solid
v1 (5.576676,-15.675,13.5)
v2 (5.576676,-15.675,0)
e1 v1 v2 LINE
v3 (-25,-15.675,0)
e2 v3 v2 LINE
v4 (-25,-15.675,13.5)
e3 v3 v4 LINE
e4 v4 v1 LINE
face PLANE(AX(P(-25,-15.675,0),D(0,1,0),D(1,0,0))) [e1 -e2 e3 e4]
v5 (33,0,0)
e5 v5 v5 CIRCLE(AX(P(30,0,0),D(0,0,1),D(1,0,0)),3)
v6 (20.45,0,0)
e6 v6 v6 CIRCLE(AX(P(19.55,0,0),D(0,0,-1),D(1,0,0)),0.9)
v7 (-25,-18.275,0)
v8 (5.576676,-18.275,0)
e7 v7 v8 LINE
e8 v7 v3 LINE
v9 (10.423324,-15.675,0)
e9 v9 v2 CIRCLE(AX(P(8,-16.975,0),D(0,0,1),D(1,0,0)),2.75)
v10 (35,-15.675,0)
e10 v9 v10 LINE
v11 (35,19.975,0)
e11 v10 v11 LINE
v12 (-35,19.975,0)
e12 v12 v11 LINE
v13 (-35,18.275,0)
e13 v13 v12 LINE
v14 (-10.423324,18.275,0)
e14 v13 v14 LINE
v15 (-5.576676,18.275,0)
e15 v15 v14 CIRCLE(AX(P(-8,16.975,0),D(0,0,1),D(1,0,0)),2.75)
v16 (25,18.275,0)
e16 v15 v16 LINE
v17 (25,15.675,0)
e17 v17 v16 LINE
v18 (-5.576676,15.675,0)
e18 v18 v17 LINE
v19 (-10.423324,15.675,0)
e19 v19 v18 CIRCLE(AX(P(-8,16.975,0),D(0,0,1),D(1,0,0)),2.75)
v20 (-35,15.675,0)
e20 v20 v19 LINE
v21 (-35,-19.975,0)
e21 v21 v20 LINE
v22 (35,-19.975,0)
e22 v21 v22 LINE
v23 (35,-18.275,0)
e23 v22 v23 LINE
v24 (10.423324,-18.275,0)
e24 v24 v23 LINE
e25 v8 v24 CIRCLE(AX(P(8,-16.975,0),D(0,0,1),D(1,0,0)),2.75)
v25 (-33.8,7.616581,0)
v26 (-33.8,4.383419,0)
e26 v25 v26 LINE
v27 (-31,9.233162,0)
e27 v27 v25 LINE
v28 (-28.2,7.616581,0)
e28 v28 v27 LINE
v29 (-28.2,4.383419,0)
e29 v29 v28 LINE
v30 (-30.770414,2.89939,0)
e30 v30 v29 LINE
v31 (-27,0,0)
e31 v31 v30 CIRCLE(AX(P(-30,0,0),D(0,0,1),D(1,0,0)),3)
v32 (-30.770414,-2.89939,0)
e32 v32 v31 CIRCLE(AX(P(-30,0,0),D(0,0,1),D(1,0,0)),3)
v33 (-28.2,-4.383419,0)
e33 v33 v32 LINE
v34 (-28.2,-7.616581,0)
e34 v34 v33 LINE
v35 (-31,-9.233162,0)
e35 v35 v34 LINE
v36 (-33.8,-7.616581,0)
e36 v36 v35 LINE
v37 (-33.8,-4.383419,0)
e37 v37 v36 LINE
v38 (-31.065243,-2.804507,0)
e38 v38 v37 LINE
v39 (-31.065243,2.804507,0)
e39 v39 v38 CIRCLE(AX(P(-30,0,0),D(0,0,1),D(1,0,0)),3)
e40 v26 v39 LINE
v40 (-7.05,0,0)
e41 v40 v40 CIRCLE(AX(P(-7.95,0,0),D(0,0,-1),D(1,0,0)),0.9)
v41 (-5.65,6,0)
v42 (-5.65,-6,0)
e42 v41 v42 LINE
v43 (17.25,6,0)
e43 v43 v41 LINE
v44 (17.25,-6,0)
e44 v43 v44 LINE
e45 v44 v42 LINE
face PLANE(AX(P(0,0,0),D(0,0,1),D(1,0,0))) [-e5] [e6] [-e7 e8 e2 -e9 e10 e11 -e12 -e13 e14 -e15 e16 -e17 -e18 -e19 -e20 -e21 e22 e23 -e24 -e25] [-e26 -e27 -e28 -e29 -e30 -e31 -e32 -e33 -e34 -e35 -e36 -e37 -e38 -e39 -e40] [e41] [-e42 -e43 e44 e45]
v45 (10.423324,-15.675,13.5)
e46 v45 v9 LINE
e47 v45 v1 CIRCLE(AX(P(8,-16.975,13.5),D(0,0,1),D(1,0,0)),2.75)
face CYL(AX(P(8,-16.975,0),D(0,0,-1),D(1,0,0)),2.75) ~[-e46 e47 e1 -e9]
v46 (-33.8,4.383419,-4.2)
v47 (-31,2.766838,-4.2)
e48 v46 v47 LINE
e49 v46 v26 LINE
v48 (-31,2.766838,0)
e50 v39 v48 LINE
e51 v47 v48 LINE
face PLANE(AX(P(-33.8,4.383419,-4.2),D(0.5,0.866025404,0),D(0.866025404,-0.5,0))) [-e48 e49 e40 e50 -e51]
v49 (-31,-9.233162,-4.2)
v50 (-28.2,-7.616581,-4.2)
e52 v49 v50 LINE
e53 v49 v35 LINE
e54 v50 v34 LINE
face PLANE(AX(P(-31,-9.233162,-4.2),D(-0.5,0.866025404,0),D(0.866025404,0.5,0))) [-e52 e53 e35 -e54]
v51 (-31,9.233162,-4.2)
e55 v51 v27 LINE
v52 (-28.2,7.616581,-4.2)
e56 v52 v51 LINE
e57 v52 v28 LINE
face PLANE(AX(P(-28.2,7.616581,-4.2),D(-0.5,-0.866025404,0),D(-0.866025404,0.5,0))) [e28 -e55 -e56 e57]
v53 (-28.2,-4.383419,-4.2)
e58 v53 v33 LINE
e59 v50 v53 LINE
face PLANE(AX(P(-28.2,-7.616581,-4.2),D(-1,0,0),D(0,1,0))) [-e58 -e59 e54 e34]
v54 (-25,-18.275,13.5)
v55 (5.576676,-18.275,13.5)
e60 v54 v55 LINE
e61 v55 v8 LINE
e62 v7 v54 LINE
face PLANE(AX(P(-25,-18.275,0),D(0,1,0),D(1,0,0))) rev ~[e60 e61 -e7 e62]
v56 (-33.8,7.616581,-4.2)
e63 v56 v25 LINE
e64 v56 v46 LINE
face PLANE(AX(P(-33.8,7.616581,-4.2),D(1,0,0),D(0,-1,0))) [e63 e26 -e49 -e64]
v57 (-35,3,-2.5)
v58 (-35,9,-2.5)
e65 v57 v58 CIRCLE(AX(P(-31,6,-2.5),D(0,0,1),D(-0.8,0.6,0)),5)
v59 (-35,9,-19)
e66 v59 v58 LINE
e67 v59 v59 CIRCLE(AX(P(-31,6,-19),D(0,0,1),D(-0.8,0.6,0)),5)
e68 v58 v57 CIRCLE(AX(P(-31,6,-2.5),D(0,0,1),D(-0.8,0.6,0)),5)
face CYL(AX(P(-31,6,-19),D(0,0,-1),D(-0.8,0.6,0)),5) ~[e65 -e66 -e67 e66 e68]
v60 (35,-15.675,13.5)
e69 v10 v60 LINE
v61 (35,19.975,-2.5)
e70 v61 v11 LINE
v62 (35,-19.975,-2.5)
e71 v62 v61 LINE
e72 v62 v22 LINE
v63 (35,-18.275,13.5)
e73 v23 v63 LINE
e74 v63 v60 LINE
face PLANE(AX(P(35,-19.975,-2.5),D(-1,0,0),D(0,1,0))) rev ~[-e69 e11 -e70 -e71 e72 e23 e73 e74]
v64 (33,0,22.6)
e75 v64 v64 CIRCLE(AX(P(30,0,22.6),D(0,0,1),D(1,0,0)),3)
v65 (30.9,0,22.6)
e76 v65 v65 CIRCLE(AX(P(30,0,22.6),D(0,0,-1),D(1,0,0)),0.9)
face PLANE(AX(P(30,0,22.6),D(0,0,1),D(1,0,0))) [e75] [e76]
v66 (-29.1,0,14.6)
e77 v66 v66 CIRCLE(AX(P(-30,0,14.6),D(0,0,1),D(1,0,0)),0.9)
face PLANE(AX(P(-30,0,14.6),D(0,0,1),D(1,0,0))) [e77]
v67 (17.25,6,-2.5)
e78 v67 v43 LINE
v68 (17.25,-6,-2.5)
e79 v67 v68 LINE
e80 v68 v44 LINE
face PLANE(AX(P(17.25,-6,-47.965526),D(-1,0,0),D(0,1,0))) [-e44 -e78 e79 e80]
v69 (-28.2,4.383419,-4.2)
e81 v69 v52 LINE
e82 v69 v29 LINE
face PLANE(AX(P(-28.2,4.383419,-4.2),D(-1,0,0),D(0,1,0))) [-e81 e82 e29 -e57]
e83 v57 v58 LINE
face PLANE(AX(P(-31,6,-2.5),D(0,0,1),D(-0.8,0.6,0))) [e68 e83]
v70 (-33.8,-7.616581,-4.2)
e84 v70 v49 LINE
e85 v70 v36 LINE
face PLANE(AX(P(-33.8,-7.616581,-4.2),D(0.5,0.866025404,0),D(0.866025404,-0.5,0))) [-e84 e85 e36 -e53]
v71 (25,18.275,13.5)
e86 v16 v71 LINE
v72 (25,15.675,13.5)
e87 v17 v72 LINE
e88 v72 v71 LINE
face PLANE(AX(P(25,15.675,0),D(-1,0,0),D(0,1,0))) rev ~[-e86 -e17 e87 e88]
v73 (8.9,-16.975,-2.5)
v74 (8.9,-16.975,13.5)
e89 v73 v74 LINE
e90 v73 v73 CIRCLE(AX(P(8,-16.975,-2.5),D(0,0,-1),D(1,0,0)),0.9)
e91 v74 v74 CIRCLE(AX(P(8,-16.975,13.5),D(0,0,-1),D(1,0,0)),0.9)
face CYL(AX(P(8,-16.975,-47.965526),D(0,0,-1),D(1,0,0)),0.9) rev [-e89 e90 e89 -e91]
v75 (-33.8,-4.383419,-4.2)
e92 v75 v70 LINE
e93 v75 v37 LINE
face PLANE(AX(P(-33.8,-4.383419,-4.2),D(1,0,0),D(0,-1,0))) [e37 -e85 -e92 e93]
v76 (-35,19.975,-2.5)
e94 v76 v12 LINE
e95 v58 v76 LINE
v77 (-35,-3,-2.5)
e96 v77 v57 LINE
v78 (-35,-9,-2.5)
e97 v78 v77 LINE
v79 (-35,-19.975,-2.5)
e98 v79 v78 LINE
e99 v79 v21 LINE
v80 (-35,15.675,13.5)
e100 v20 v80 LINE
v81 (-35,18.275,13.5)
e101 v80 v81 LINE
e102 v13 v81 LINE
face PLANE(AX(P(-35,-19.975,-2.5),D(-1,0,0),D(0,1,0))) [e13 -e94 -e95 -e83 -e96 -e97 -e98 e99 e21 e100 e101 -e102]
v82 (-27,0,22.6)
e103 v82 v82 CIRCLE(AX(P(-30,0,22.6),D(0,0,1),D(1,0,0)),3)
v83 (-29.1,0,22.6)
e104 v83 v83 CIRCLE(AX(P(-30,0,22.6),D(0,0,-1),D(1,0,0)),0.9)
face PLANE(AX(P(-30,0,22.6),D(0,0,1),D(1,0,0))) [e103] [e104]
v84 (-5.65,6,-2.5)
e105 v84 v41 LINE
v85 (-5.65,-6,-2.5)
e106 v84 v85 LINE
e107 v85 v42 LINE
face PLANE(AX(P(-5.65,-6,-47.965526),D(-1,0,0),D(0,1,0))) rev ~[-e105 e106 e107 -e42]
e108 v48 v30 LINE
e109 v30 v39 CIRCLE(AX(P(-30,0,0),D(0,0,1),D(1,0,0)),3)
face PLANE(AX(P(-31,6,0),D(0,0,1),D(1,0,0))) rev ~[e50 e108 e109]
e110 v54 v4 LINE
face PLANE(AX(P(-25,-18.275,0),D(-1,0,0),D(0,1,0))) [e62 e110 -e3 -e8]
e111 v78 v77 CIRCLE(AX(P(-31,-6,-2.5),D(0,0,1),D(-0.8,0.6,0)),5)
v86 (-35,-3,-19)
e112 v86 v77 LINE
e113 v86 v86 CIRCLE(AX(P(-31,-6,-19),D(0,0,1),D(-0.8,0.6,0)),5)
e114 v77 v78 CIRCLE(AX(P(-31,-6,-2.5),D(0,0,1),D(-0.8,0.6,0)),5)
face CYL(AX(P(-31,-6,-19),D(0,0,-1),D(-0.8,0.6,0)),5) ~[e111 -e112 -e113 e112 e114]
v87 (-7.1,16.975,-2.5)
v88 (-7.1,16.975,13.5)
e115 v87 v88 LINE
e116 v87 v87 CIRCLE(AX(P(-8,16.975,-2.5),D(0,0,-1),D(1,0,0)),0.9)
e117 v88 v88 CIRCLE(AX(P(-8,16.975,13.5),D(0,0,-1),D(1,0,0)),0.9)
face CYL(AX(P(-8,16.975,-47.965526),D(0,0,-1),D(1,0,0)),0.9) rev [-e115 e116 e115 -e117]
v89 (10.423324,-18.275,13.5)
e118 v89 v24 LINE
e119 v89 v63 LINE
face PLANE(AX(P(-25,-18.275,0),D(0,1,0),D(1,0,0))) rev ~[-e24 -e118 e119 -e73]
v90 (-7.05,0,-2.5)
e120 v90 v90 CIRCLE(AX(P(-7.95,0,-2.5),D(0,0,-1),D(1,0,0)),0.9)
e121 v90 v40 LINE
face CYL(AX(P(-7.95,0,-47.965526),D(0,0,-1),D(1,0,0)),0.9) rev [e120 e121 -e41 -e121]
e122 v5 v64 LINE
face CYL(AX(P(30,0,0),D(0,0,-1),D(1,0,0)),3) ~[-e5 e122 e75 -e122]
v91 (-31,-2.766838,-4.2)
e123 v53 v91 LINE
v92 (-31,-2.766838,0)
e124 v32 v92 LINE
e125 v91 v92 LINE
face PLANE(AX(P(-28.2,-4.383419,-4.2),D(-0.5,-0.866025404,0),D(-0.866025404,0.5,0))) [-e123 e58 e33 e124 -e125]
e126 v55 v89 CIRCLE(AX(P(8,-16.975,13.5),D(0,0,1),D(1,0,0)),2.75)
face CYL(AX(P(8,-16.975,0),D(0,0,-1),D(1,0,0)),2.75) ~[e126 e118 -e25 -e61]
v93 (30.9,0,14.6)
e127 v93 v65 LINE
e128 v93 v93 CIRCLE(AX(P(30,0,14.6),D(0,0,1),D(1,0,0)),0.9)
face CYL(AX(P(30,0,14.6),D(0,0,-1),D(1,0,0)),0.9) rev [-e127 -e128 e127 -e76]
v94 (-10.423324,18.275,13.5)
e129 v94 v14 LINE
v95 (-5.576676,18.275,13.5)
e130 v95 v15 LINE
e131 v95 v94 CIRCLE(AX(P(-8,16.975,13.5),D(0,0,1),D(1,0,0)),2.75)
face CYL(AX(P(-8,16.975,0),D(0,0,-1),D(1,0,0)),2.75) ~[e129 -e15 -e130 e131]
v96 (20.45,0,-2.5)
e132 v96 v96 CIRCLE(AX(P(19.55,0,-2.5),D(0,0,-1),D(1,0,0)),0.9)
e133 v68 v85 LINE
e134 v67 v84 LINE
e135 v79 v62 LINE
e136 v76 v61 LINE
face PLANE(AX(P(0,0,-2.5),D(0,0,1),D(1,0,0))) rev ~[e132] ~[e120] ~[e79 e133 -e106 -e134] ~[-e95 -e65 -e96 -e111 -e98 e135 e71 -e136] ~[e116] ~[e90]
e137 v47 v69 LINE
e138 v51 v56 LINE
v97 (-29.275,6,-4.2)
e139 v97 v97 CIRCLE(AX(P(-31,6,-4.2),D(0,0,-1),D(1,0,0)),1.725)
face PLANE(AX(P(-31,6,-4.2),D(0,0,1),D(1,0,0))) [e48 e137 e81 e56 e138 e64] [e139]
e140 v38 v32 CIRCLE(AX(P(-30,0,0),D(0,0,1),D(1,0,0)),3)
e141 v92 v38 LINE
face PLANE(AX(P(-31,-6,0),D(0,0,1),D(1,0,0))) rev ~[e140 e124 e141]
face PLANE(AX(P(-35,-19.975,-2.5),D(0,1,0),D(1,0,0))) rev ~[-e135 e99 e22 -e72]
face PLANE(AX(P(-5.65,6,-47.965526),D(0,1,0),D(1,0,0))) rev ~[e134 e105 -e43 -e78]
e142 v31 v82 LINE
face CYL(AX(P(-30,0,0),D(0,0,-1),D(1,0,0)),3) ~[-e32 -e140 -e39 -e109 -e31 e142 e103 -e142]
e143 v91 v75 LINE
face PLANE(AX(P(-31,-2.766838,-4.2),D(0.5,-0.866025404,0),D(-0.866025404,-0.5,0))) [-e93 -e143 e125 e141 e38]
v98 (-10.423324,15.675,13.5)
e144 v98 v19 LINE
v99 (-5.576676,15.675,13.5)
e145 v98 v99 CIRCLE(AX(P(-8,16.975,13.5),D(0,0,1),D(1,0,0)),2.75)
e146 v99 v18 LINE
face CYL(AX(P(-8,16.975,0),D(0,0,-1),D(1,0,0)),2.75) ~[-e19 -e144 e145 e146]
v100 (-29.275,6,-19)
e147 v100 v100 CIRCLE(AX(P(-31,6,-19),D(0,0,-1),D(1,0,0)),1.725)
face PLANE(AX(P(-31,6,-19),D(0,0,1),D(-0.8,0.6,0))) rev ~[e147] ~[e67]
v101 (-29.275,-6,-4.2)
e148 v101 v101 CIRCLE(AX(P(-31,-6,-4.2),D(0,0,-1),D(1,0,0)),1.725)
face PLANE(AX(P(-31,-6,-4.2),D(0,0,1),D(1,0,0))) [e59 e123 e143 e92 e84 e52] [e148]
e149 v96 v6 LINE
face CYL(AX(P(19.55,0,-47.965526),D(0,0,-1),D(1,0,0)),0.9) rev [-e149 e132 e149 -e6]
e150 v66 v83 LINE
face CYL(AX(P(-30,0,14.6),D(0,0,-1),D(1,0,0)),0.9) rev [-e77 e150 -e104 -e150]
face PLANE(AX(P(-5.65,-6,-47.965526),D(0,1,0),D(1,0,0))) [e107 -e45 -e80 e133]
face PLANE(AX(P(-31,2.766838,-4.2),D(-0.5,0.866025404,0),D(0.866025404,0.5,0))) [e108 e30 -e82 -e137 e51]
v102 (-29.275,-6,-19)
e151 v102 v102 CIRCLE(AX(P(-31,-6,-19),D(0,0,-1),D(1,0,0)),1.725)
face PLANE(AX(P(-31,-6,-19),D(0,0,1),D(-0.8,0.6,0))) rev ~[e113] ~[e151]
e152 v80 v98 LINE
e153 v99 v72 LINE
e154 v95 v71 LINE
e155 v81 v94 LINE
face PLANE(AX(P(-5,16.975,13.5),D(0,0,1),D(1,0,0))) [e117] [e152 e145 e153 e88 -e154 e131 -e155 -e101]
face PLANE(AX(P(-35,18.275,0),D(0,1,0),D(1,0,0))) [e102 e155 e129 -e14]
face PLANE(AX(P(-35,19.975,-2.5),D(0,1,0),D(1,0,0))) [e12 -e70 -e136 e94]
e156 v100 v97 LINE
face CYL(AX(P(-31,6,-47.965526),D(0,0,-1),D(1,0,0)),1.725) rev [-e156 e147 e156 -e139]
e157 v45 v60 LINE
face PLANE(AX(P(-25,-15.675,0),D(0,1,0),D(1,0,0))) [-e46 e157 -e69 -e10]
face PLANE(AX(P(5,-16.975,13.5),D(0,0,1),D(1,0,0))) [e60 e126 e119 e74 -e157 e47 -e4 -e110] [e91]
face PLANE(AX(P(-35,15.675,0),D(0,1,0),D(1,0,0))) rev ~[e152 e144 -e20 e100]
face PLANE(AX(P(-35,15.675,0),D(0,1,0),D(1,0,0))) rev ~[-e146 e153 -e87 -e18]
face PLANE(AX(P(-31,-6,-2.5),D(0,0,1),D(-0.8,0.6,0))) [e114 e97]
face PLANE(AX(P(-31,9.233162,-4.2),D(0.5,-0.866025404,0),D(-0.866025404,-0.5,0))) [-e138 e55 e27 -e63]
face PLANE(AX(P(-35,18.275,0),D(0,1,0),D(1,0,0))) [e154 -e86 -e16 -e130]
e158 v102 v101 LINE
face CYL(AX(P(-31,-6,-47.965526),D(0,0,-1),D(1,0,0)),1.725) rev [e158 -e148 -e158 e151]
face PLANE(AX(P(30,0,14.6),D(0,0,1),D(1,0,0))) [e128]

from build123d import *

# Parameters (mm, degrees)
BOSS_EXTRUDE1_START     = -2.5
SKETCH1_W               = 70
SKETCH1_H               = 39.95
BOSS_EXTRUDE1_DEPTH     = 2.5
SKETCH2_W               = 60
SKETCH2_H               = 2.6
BOSS_EXTRUDE2_DEPTH     = 13.5
SKETCH3_W               = 60
SKETCH3_H               = 2.6
BOSS_EXTRUDE3_DEPTH     = 13.5
SKETCH4_R               = 2.75
BOSS_EXTRUDE4_DEPTH     = 13.5
BOSS_EXTRUDE5_START     = -19
SKETCH5_R               = 5
BOSS_EXTRUDE5_DEPTH     = 16.5
SKETCH6_R               = 3
BOSS_EXTRUDE6_DEPTH     = 22.6
CUT_EXTRUDE1_START      = 14.6
SKETCH7_R               = 0.9
CUT_EXTRUDE1_DEPTH      = 8.1
CUT_EXTRUDE2_DEPTH      = 47.965525921
CUT_EXTRUDE2_DEPTH_BACK = 47.965525921
SKETCH8_W               = 22.9
SKETCH8_H               = 12
CUT_EXTRUDE3_DEPTH      = 47.965525921
CUT_EXTRUDE3_DEPTH_BACK = 47.965525921
SKETCH9_R               = 0.9
CUT_EXTRUDE4_DEPTH      = 47.965525921
CUT_EXTRUDE4_DEPTH_BACK = 47.965525921
SKETCH10_R              = 0.9
CUT_EXTRUDE5_DEPTH      = 47.965525921
CUT_EXTRUDE5_DEPTH_BACK = 47.965525921
SKETCH11_R              = 1.725
CUT_EXTRUDE6_START      = -4.2
CUT_EXTRUDE6_DEPTH      = 4.2


with BuildPart() as part:
    # Sketch1 → Boss-Extrude1 (new body)
    with BuildSketch(Plane.XY.offset(BOSS_EXTRUDE1_START)):
        Rectangle(SKETCH1_W, SKETCH1_H)
    extrude(amount=BOSS_EXTRUDE1_DEPTH)

    # Sketch2 → Boss-Extrude2 (add)
    with BuildSketch(Plane.XY):
        with Locations((-5, 16.975)):
            Rectangle(SKETCH2_W, SKETCH2_H)
    extrude(amount=BOSS_EXTRUDE2_DEPTH)

    # Sketch3 → Boss-Extrude3 (add)
    with BuildSketch(Plane.XY):
        with Locations((5, -16.975)):
            Rectangle(SKETCH3_W, SKETCH3_H)
    extrude(amount=BOSS_EXTRUDE3_DEPTH)

    # Sketch4 → Boss-Extrude4 (add)
    with BuildSketch(Plane.XY):
        with Locations((-8, 16.975)):
            Circle(SKETCH4_R)
        with Locations((8, -16.975)):
            Circle(SKETCH4_R)
    extrude(amount=BOSS_EXTRUDE4_DEPTH)

    # Sketch5 → Boss-Extrude5 (add)
    with BuildSketch(Plane.XY.offset(BOSS_EXTRUDE5_START)):
        with Locations(Location((-31, 6, 0), (0, 0, 143.130102354))):
            Circle(SKETCH5_R)
        with Locations(Location((-31, -6, 0), (0, 0, 143.130102354))):
            Circle(SKETCH5_R)
    extrude(amount=BOSS_EXTRUDE5_DEPTH)

    # Sketch6 → Boss-Extrude6 (add)
    with BuildSketch(Plane.XY):
        with Locations((30, 0)):
            Circle(SKETCH6_R)
        with Locations((-30, 0)):
            Circle(SKETCH6_R)
    extrude(amount=BOSS_EXTRUDE6_DEPTH)

    # Sketch7 → Cut-Extrude1 (cut)
    with BuildSketch(Plane.XY.offset(CUT_EXTRUDE1_START)):
        with Locations((30, 0)):
            Circle(SKETCH7_R)
        with Locations((-30, 0)):
            Circle(SKETCH7_R)
    extrude(amount=CUT_EXTRUDE1_DEPTH, mode=Mode.SUBTRACT)

    # Sketch8 → Cut-Extrude2 (cut, two sides: drawn at the far end of the back side and taken through both)
    with BuildSketch(Plane.XY.offset(-CUT_EXTRUDE2_DEPTH_BACK)):
        with Locations((5.8, 0)):
            Rectangle(SKETCH8_W, SKETCH8_H)
    extrude(amount=CUT_EXTRUDE2_DEPTH + CUT_EXTRUDE2_DEPTH_BACK, mode=Mode.SUBTRACT)

    # Sketch9 → Cut-Extrude3 (cut, two sides: drawn at the far end of the back side and taken through both)
    with BuildSketch(Plane.XY.offset(-CUT_EXTRUDE3_DEPTH_BACK)):
        with Locations((-7.95, 0)):
            Circle(SKETCH9_R)
        with Locations((19.55, 0)):
            Circle(SKETCH9_R)
    extrude(amount=CUT_EXTRUDE3_DEPTH + CUT_EXTRUDE3_DEPTH_BACK, mode=Mode.SUBTRACT)

    # Sketch10 → Cut-Extrude4 (cut, two sides: drawn at the far end of the back side and taken through both)
    with BuildSketch(Plane.XY.offset(-CUT_EXTRUDE4_DEPTH_BACK)):
        with Locations((-8, 16.975)):
            Circle(SKETCH10_R)
        with Locations((8, -16.975)):
            Circle(SKETCH10_R)
    extrude(amount=CUT_EXTRUDE4_DEPTH + CUT_EXTRUDE4_DEPTH_BACK, mode=Mode.SUBTRACT)

    # Sketch11 → Cut-Extrude5 (cut, two sides: drawn at the far end of the back side and taken through both)
    with BuildSketch(Plane.XY.offset(-CUT_EXTRUDE5_DEPTH_BACK)):
        with Locations((-31, 6)):
            Circle(SKETCH11_R)
        with Locations((-31, -6)):
            Circle(SKETCH11_R)
    extrude(amount=CUT_EXTRUDE5_DEPTH + CUT_EXTRUDE5_DEPTH_BACK, mode=Mode.SUBTRACT)

    # Sketch12 → Cut-Extrude6 (cut)
    with BuildSketch(Plane.XY.offset(CUT_EXTRUDE6_START)):
        Polygon((-28.2, 7.616580754), (-31, 9.233161507), (-33.8, 7.616580754), (-33.8, 4.383419246), (-31, 2.766838493), (-28.2, 4.383419246), align=None)
        Polygon((-28.2, -4.383419246), (-31, -2.766838493), (-33.8, -4.383419246), (-33.8, -7.616580754), (-31, -9.233161507), (-28.2, -7.616580754), align=None)
    extrude(amount=CUT_EXTRUDE6_DEPTH, mode=Mode.SUBTRACT)


solid = part.part
